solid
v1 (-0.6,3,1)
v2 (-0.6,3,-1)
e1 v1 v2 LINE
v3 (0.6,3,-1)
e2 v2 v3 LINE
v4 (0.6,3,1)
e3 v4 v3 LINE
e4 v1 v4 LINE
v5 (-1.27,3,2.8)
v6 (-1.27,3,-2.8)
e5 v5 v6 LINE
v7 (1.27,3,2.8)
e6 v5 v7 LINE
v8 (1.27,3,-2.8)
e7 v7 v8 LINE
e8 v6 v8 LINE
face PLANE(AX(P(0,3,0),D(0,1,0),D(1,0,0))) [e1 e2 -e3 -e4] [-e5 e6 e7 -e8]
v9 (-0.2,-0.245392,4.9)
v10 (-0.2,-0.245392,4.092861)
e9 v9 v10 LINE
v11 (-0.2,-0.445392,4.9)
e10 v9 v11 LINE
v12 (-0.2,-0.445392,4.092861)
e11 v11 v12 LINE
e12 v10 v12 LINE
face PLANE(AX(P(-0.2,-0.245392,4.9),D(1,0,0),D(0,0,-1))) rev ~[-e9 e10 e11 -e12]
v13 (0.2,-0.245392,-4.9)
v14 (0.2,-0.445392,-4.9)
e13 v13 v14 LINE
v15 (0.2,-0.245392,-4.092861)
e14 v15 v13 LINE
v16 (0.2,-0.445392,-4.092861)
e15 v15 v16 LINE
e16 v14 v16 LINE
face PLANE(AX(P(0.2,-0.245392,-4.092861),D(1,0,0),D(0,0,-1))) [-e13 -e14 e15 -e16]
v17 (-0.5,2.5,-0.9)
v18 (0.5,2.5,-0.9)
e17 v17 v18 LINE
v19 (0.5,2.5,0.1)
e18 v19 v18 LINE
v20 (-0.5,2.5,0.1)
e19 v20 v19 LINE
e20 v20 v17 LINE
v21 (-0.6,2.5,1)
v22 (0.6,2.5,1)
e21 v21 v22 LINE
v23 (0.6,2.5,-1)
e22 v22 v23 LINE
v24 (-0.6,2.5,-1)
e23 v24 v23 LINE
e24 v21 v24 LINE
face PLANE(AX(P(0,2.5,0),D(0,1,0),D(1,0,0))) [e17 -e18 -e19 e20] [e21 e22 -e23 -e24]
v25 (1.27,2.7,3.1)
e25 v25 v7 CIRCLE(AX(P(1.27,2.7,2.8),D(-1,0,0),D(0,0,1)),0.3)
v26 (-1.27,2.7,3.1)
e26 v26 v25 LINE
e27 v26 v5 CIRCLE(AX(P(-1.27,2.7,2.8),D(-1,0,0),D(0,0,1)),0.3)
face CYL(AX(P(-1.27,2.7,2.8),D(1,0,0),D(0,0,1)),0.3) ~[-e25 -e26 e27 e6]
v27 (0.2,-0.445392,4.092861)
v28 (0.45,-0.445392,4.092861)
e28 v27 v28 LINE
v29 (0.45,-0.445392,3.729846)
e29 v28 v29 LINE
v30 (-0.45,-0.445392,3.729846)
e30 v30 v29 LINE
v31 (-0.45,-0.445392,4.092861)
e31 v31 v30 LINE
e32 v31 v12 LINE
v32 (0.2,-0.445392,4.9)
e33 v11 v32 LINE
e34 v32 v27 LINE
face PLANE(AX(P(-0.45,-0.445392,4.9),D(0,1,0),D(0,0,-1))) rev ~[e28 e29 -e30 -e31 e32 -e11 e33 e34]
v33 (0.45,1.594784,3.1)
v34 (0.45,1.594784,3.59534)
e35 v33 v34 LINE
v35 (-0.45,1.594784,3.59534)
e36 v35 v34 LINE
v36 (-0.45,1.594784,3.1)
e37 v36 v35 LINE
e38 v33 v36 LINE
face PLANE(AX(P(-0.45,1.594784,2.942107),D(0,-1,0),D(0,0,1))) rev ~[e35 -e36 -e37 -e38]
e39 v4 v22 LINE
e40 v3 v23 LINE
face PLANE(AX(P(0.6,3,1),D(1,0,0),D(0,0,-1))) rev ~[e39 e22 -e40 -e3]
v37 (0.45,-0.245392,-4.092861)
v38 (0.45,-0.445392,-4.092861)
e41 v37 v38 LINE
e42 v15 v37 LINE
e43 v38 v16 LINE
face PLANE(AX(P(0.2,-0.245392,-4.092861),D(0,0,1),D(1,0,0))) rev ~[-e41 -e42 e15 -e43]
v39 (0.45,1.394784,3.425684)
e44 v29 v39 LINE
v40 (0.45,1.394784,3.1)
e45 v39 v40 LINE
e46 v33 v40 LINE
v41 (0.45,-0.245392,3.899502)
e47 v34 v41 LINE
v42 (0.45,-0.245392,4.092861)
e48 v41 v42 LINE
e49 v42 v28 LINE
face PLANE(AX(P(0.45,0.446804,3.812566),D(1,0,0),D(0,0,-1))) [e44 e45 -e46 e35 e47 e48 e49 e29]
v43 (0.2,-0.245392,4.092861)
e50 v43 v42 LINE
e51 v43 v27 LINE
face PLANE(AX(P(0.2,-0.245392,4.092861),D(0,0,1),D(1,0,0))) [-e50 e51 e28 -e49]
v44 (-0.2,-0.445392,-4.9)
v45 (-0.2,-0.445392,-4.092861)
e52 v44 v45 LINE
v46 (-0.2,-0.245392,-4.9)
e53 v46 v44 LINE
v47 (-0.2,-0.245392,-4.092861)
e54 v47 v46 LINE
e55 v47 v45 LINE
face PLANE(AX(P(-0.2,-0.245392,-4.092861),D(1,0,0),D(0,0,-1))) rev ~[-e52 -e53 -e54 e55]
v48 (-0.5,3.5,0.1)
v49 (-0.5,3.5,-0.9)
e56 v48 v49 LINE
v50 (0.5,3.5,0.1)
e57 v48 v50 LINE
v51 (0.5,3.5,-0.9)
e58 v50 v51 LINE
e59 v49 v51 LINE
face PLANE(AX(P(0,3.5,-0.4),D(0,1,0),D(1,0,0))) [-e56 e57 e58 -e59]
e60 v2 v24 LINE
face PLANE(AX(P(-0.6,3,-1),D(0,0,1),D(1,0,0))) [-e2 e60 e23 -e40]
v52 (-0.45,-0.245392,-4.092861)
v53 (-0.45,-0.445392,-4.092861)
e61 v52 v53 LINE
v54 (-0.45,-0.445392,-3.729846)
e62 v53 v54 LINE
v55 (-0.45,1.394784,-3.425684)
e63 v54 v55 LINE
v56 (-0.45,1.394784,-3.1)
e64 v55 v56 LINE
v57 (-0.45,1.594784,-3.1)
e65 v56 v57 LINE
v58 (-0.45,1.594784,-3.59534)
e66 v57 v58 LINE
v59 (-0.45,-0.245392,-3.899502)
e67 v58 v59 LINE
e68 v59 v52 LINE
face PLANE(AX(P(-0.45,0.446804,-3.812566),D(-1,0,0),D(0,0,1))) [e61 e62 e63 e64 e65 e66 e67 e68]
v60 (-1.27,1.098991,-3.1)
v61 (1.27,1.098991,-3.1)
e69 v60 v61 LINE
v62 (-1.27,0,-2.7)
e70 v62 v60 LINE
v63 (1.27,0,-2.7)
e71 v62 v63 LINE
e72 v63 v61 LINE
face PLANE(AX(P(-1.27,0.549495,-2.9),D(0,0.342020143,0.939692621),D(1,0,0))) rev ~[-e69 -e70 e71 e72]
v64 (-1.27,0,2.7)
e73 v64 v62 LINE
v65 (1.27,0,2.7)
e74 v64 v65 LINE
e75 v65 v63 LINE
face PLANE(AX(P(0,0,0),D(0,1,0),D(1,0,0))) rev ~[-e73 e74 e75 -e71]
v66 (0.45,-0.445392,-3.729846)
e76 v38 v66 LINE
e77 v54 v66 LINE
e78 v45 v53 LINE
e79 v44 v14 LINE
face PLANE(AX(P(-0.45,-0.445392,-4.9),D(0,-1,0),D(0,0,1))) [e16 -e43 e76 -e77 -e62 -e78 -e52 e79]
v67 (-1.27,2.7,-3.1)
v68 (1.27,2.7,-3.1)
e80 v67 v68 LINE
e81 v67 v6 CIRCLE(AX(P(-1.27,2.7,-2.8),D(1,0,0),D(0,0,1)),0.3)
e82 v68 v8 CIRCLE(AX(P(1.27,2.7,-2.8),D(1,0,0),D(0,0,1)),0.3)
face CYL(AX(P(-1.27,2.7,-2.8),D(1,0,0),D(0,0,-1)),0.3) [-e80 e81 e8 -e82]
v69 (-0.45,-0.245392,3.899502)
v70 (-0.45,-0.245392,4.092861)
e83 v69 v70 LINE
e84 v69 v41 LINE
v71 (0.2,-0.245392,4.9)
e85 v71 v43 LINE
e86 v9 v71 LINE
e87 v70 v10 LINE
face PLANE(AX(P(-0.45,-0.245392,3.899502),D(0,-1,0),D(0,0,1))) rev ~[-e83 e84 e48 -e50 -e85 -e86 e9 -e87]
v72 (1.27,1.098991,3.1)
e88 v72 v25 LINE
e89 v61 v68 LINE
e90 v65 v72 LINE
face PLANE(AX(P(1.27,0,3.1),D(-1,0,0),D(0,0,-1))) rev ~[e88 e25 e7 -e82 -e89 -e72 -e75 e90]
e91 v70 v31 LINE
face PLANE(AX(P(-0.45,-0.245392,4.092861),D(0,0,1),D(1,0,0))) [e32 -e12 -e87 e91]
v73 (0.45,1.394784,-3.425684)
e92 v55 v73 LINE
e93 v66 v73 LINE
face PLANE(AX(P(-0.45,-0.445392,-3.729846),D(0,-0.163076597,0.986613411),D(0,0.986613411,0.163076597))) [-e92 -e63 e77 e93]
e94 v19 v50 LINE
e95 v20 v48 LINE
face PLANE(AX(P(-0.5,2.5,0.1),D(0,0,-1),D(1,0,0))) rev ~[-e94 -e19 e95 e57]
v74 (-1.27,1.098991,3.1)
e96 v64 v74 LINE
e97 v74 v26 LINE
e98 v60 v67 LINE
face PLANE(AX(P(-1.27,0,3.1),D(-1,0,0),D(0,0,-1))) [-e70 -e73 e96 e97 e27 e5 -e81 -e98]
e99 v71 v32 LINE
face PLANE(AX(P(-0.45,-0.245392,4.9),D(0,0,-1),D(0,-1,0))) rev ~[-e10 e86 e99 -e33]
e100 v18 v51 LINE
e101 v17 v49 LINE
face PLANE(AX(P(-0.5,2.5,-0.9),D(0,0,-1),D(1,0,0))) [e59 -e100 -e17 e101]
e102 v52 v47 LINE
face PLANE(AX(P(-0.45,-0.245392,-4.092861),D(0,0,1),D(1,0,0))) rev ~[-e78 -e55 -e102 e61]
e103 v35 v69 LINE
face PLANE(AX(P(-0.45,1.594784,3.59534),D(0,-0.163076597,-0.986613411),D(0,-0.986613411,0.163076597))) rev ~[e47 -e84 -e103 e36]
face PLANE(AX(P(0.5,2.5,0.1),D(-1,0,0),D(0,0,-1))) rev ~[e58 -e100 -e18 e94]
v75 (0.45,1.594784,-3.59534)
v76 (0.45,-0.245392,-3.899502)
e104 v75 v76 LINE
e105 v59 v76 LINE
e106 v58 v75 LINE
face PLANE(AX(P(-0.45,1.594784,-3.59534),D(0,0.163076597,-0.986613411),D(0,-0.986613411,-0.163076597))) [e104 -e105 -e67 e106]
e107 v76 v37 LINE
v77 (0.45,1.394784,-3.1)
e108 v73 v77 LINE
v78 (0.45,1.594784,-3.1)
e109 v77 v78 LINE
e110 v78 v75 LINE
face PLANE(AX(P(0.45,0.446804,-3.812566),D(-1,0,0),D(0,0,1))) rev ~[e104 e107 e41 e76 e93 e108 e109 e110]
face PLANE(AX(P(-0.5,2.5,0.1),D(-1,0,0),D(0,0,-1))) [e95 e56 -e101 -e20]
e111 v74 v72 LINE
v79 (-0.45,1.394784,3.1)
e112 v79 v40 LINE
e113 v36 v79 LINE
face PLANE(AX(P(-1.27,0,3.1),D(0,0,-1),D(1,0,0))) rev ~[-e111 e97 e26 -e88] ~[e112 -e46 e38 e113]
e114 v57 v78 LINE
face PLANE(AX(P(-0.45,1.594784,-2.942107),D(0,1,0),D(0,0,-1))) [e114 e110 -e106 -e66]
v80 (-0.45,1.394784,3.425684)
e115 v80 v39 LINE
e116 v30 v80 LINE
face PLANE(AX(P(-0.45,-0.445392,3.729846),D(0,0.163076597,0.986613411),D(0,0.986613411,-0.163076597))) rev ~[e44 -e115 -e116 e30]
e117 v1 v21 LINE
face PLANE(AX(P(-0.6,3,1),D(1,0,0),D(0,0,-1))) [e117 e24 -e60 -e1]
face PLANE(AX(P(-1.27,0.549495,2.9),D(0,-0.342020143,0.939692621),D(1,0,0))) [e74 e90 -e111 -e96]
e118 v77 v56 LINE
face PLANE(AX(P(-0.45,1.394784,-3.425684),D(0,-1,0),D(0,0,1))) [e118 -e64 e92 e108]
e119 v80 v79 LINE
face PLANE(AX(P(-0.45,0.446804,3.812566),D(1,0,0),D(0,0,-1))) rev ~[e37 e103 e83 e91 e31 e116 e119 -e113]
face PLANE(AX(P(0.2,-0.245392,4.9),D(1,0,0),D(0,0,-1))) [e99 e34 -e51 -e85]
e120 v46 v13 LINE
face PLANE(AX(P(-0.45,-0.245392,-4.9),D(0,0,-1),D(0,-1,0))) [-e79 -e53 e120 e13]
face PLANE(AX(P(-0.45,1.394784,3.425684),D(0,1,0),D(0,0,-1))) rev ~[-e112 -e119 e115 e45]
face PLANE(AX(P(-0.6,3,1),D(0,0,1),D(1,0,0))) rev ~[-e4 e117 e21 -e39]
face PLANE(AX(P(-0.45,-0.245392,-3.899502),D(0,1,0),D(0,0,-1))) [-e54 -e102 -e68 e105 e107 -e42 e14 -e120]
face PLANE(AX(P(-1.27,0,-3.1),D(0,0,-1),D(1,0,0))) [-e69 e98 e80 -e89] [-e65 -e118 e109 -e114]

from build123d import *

# Parameters (mm, degrees)
SKETCH_1_W           = 2.54
SKETCH_1_H           = 6.2
EXTRUDE_1_DEPTH      = 3
SKETCH_2_W           = 1.2
SKETCH_2_H           = 2
CUT_EXTRUDE_1_DEPTH  = 0.5
SKETCH_3_W           = 1
SKETCH_3_H           = 1
EXTRUDE_1_2_DEPTH    = 1
FILLET_1_R           = 0.3
CHAMFER_1_SIZE       = 0.4
CHAMFER_1_SIZE2      = 1.098990968
EXTRUDE_2_DEPTH      = 0.45
EXTRUDE_2_DEPTH_BACK = 0.45
SKETCH_5_W           = 0.25
SKETCH_5_H           = 0.807139358
CUT_EXTRUDE_2_DEPTH  = 0.45


with BuildPart() as part:
    # 草图1 → Extrude 1 (new body)
    with BuildSketch(Plane(origin=(0, 0, 0), x_dir=(1, 0, 0), z_dir=(0, 1, 0))):
        Rectangle(SKETCH_1_W, SKETCH_1_H)
    extrude(amount=EXTRUDE_1_DEPTH)

    # 草图2 → 切除-拉伸1 (cut)
    with BuildSketch(Plane(origin=(0, 3, 0), x_dir=(1, 0, 0), z_dir=(0, 1, 0))):
        Rectangle(SKETCH_2_W, SKETCH_2_H)
    extrude(amount=-CUT_EXTRUDE_1_DEPTH, mode=Mode.SUBTRACT)

    # 草图3 → Extrude 1 2 (add)
    with BuildSketch(Plane(origin=(0, 2.5, 0), x_dir=(1, 0, 0), z_dir=(0, 1, 0))):
        with Locations((0, 0.4)):
            Rectangle(SKETCH_3_W, SKETCH_3_H)
    extrude(amount=EXTRUDE_1_2_DEPTH)

    # 圆角1
    fillet_1_edges = [part.edges().sort_by_distance(p)[0] for p in [
        (0, 3, -3.1),
        (0, 3, 3.1),
    ]]
    fillet(fillet_1_edges, radius=FILLET_1_R)

    # 倒角1
    chamfer_1_edges = [part.edges().sort_by_distance(p)[0] for p in [
        (0, 0, -3.1),
        (0, 0, 3.1),
    ]]
    chamfer_1_side = [part.faces().sort_by_distance(p)[0] for p in [
        (0, 0, 0),
    ]]
    chamfer(chamfer_1_edges, length=CHAMFER_1_SIZE, length2=CHAMFER_1_SIZE2, reference=chamfer_1_side[0])

    # 草图4 → 凸台-拉伸2 (add, two sides: drawn at the far end of the back side and taken through both)
    with BuildSketch(Plane(origin=(0, 0, 0), x_dir=(0, 0, -1), z_dir=(1, 0, 0)).offset(-EXTRUDE_2_DEPTH_BACK)):
        Polygon((-2.942106966, 1.594783958), (-3.595340284, 1.594783958), (-3.89950168, -0.245392483), (-4.9, -0.245392483), (-4.9, -0.445392483), (-3.729845887, -0.445392483), (-3.425684492, 1.394783958), (-2.942106966, 1.394783958), align=None)
        Polygon((2.942106966, 1.394783958), (2.942106966, 1.594783958), (3.595340284, 1.594783958), (3.89950168, -0.245392483), (4.9, -0.245392483), (4.9, -0.445392483), (3.729845887, -0.445392483), (3.425684492, 1.394783958), align=None)
    extrude(amount=EXTRUDE_2_DEPTH + EXTRUDE_2_DEPTH_BACK)

    # 草图5 → 切除-拉伸2 (cut)
    with BuildSketch(Plane(origin=(0, -0.245392483, 0), x_dir=(1, 0, 0), z_dir=(0, 1, 0))):
        with Locations((0.325, 4.496430321)):
            Rectangle(SKETCH_5_W, SKETCH_5_H)
        with Locations((-0.325, 4.496430321)):
            Rectangle(SKETCH_5_W, SKETCH_5_H)
        with Locations((0.325, -4.496430321)):
            Rectangle(SKETCH_5_W, SKETCH_5_H)
        with Locations((-0.325, -4.496430321)):
            Rectangle(SKETCH_5_W, SKETCH_5_H)
    extrude(amount=-CUT_EXTRUDE_2_DEPTH, mode=Mode.SUBTRACT)


solid = part.part
